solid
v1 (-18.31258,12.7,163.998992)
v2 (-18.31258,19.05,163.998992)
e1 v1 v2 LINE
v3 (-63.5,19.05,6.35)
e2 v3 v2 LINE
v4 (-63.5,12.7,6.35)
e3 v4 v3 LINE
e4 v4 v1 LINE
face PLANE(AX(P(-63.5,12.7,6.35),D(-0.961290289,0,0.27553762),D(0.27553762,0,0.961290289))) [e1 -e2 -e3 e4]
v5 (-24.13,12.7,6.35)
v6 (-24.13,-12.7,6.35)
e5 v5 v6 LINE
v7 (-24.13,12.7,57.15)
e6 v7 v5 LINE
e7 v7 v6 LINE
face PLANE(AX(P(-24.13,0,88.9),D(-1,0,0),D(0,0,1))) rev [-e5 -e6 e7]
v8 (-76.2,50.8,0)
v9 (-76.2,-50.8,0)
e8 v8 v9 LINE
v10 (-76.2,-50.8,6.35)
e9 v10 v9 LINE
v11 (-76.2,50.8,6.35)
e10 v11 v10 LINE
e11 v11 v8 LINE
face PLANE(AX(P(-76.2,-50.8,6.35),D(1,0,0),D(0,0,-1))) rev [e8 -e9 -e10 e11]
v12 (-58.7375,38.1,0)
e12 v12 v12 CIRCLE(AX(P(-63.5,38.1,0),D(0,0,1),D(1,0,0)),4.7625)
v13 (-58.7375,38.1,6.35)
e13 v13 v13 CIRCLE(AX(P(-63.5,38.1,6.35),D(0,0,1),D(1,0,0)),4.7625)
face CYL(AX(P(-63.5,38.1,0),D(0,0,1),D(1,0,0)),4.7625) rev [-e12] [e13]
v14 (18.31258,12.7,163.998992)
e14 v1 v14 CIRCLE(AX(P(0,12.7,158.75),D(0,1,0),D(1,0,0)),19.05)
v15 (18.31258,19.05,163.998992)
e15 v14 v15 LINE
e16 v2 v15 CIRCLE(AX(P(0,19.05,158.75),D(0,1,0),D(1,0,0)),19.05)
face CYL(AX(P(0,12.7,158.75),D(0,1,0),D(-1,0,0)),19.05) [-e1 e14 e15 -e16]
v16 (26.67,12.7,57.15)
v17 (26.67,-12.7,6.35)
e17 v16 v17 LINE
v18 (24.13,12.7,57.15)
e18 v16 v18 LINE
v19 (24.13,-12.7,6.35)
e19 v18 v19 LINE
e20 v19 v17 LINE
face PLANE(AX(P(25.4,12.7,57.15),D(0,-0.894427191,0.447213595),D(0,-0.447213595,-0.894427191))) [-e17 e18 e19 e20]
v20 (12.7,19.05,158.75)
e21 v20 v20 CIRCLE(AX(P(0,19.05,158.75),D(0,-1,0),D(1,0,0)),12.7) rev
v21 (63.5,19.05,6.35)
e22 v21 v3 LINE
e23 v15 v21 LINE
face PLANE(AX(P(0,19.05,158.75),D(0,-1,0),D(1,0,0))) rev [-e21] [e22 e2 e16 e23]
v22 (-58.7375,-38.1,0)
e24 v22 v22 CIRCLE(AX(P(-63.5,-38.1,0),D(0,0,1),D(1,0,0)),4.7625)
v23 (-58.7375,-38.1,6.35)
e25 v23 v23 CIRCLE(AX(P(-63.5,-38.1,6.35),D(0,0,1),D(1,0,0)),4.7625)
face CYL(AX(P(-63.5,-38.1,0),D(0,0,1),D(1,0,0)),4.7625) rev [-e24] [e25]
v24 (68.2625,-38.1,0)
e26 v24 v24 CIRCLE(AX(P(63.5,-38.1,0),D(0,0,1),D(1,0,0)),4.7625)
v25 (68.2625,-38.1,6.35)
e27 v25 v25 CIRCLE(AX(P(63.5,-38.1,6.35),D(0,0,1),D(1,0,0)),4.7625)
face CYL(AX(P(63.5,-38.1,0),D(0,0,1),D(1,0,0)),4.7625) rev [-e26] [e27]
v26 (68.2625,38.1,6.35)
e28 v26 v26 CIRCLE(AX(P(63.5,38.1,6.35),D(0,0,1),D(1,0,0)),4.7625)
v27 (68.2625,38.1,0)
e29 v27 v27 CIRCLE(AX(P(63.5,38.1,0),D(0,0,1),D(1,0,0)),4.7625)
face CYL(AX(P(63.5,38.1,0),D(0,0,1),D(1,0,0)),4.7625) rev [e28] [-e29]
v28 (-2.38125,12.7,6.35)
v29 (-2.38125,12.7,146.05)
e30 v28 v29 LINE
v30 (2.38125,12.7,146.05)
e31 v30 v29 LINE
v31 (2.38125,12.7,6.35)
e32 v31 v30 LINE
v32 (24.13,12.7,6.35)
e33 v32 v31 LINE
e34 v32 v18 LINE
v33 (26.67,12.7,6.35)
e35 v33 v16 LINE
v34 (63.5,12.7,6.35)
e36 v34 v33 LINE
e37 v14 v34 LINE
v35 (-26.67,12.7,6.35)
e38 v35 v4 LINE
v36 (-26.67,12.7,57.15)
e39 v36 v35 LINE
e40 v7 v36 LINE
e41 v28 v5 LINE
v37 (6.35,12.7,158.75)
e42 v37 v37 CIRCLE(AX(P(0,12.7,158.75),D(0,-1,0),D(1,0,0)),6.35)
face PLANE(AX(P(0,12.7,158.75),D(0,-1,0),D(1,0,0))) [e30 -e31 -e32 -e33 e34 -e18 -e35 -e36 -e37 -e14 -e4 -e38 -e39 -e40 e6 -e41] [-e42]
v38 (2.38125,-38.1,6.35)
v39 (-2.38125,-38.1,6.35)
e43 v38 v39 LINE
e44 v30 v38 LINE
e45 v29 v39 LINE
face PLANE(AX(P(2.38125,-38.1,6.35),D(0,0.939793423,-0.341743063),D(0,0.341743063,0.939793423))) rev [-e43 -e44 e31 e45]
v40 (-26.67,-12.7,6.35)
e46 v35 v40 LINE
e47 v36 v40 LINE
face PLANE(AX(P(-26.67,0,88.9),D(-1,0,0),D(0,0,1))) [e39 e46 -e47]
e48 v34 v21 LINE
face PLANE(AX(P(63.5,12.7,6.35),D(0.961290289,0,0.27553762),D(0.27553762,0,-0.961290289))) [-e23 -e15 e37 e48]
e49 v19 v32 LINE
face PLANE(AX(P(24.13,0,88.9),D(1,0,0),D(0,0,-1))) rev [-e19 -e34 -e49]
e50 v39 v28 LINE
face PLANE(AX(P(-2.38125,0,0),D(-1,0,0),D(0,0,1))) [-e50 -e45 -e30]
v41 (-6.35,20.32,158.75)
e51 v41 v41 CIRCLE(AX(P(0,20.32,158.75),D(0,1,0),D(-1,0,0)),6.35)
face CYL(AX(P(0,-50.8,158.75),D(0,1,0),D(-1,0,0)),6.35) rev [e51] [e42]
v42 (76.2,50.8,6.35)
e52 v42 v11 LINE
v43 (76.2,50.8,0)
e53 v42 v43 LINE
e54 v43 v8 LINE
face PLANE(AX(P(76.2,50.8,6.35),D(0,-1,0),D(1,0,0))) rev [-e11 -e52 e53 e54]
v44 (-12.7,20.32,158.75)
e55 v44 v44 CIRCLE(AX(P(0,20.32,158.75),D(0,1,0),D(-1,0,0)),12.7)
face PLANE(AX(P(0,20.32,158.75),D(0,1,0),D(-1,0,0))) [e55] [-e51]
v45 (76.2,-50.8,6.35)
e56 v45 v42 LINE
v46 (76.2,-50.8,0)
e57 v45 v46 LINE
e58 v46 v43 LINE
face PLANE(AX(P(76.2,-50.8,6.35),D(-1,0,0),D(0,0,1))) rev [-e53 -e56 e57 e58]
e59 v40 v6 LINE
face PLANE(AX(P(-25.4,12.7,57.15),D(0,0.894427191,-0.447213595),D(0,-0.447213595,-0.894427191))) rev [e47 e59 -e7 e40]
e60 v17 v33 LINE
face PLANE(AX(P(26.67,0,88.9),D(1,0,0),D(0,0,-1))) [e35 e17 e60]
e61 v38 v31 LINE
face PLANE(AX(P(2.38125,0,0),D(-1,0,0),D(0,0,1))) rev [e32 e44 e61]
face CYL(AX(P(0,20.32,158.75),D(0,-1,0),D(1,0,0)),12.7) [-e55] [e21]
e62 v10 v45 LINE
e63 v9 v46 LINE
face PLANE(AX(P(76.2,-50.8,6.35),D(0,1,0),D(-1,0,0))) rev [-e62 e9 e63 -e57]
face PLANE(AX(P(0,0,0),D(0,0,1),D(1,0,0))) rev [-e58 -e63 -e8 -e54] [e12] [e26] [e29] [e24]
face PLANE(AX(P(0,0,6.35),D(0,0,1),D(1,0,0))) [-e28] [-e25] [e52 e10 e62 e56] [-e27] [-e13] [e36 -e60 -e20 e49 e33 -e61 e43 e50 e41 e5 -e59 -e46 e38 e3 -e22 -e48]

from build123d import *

# Parameters (mm, degrees)
SKETCH1_W            = 152.4
SKETCH1_H            = 101.6
BOSS_EXTRUDE1_DEPTH  = 6.35
BOSS_EXTRUDE2_DEPTH  = 6.35
SKETCH5_R            = 12.7
BOSS_EXTRUDE3_DEPTH  = 1.27
BOSS_EXTRUDE4_DEPTH  = 2.38125
RIB1_REACH           = 212.988
SKETCH7_WALL_W       = 480.772618864
SKETCH7_WALL_H       = 2.54
SKETCH8_R            = 6.35
CUT_EXTRUDE1_DEPTH   = 207.100301795
SKETCH9_R            = 4.7625
CUT_EXTRUDE2_DEPTH   = 195.376393886
LPATTERN1_COUNT      = 2
LPATTERN1_PITCH      = 127
LPATTERN1_COUNT_DIR2 = 2
LPATTERN1_PITCH_DIR2 = 76.2


with BuildPart() as part:
    # Sketch1 → Boss-Extrude1 (new body)
    with BuildSketch(Plane.XY):
        Rectangle(SKETCH1_W, SKETCH1_H)
    extrude(amount=BOSS_EXTRUDE1_DEPTH)

    # Sketch4 → Boss-Extrude2 (add)
    with BuildSketch(Plane(origin=(0, 19.05, 0), x_dir=(1, 0, 0), z_dir=(0, 1, 0))):
        with BuildLine():
            Line((63.5, -6.35), (18.312580006, -163.998991669))
            ThreePointArc((18.312580006, -163.998991669), (0, -177.8), (-18.312580006, -163.998991669))
            Line((-18.312580006, -163.998991669), (-63.5, -6.35))
            Line((-63.5, -6.35), (63.5, -6.35))
        make_face()
    extrude(amount=-BOSS_EXTRUDE2_DEPTH)

    # Sketch5 → Boss-Extrude3 (add)
    with BuildSketch(Plane(origin=(0, 19.05, 0), x_dir=(1, 0, 0), z_dir=(0, 1, 0))):
        with Locations((0, -158.75)):
            Circle(SKETCH5_R)
    extrude(amount=BOSS_EXTRUDE3_DEPTH)

    # Sketch6 → Boss-Extrude4 (add, symmetric)
    with BuildSketch(Plane(origin=(0, 0, 0), x_dir=(0, 0, -1), z_dir=(1, 0, 0))):
        Polygon((-6.35, -38.1), (-146.05, 12.7), (-6.35, 12.7), align=None)
    extrude(amount=BOSS_EXTRUDE4_DEPTH, both=True)

    # Sketch7 wall → Rib1 (add, up to next)
    with BuildSketch(Plane(origin=(25.4, 0, 31.75), x_dir=(0, -0.4472135955, -0.894427191), z_dir=(0, 0.894427191, -0.4472135955)), mode=Mode.PRIVATE) as rib1_sk1:
        Rectangle(SKETCH7_WALL_W, SKETCH7_WALL_H)
    rib1_tool1 = extrude(rib1_sk1.sketch, amount=RIB1_REACH, mode=Mode.PRIVATE) - part.part
    rib1 = rib1_tool1.solids().sort_by_distance((25.4, 0, 31.75))[0]
    add(rib1)

    # Mirror1: Rib1 across plane
    add(rib1.mirror(Plane(origin=(0, 0, 0), x_dir=(0, 0, 1), z_dir=(1, 0, 0))))

    # Sketch8 → Cut-Extrude1 (cut, through all)
    with BuildSketch(Plane(origin=(0, 20.32, 0), x_dir=(1, 0, 0), z_dir=(0, 1, 0))):
        with Locations(Location((0, -158.75, 0), (0, 0, 180))):
            Circle(SKETCH8_R)
    extrude(amount=-CUT_EXTRUDE1_DEPTH, mode=Mode.SUBTRACT)

    # Sketch9 → Cut-Extrude2 (cut, symmetric)
    with BuildSketch(Plane.XY.offset(6.35)):
        with Locations((-63.5, 38.1)):
            Circle(SKETCH9_R)
    cut_extrude2 = extrude(amount=CUT_EXTRUDE2_DEPTH, both=True, mode=Mode.SUBTRACT)

    # LPattern1: Cut-Extrude2 2 × 2
    with Locations(*[(i * LPATTERN1_PITCH, -j * LPATTERN1_PITCH_DIR2, 0) for i in range(LPATTERN1_COUNT) for j in range(LPATTERN1_COUNT_DIR2) if (i, j) != (0, 0)]):
        add(cut_extrude2, mode=Mode.SUBTRACT)


solid = part.part
